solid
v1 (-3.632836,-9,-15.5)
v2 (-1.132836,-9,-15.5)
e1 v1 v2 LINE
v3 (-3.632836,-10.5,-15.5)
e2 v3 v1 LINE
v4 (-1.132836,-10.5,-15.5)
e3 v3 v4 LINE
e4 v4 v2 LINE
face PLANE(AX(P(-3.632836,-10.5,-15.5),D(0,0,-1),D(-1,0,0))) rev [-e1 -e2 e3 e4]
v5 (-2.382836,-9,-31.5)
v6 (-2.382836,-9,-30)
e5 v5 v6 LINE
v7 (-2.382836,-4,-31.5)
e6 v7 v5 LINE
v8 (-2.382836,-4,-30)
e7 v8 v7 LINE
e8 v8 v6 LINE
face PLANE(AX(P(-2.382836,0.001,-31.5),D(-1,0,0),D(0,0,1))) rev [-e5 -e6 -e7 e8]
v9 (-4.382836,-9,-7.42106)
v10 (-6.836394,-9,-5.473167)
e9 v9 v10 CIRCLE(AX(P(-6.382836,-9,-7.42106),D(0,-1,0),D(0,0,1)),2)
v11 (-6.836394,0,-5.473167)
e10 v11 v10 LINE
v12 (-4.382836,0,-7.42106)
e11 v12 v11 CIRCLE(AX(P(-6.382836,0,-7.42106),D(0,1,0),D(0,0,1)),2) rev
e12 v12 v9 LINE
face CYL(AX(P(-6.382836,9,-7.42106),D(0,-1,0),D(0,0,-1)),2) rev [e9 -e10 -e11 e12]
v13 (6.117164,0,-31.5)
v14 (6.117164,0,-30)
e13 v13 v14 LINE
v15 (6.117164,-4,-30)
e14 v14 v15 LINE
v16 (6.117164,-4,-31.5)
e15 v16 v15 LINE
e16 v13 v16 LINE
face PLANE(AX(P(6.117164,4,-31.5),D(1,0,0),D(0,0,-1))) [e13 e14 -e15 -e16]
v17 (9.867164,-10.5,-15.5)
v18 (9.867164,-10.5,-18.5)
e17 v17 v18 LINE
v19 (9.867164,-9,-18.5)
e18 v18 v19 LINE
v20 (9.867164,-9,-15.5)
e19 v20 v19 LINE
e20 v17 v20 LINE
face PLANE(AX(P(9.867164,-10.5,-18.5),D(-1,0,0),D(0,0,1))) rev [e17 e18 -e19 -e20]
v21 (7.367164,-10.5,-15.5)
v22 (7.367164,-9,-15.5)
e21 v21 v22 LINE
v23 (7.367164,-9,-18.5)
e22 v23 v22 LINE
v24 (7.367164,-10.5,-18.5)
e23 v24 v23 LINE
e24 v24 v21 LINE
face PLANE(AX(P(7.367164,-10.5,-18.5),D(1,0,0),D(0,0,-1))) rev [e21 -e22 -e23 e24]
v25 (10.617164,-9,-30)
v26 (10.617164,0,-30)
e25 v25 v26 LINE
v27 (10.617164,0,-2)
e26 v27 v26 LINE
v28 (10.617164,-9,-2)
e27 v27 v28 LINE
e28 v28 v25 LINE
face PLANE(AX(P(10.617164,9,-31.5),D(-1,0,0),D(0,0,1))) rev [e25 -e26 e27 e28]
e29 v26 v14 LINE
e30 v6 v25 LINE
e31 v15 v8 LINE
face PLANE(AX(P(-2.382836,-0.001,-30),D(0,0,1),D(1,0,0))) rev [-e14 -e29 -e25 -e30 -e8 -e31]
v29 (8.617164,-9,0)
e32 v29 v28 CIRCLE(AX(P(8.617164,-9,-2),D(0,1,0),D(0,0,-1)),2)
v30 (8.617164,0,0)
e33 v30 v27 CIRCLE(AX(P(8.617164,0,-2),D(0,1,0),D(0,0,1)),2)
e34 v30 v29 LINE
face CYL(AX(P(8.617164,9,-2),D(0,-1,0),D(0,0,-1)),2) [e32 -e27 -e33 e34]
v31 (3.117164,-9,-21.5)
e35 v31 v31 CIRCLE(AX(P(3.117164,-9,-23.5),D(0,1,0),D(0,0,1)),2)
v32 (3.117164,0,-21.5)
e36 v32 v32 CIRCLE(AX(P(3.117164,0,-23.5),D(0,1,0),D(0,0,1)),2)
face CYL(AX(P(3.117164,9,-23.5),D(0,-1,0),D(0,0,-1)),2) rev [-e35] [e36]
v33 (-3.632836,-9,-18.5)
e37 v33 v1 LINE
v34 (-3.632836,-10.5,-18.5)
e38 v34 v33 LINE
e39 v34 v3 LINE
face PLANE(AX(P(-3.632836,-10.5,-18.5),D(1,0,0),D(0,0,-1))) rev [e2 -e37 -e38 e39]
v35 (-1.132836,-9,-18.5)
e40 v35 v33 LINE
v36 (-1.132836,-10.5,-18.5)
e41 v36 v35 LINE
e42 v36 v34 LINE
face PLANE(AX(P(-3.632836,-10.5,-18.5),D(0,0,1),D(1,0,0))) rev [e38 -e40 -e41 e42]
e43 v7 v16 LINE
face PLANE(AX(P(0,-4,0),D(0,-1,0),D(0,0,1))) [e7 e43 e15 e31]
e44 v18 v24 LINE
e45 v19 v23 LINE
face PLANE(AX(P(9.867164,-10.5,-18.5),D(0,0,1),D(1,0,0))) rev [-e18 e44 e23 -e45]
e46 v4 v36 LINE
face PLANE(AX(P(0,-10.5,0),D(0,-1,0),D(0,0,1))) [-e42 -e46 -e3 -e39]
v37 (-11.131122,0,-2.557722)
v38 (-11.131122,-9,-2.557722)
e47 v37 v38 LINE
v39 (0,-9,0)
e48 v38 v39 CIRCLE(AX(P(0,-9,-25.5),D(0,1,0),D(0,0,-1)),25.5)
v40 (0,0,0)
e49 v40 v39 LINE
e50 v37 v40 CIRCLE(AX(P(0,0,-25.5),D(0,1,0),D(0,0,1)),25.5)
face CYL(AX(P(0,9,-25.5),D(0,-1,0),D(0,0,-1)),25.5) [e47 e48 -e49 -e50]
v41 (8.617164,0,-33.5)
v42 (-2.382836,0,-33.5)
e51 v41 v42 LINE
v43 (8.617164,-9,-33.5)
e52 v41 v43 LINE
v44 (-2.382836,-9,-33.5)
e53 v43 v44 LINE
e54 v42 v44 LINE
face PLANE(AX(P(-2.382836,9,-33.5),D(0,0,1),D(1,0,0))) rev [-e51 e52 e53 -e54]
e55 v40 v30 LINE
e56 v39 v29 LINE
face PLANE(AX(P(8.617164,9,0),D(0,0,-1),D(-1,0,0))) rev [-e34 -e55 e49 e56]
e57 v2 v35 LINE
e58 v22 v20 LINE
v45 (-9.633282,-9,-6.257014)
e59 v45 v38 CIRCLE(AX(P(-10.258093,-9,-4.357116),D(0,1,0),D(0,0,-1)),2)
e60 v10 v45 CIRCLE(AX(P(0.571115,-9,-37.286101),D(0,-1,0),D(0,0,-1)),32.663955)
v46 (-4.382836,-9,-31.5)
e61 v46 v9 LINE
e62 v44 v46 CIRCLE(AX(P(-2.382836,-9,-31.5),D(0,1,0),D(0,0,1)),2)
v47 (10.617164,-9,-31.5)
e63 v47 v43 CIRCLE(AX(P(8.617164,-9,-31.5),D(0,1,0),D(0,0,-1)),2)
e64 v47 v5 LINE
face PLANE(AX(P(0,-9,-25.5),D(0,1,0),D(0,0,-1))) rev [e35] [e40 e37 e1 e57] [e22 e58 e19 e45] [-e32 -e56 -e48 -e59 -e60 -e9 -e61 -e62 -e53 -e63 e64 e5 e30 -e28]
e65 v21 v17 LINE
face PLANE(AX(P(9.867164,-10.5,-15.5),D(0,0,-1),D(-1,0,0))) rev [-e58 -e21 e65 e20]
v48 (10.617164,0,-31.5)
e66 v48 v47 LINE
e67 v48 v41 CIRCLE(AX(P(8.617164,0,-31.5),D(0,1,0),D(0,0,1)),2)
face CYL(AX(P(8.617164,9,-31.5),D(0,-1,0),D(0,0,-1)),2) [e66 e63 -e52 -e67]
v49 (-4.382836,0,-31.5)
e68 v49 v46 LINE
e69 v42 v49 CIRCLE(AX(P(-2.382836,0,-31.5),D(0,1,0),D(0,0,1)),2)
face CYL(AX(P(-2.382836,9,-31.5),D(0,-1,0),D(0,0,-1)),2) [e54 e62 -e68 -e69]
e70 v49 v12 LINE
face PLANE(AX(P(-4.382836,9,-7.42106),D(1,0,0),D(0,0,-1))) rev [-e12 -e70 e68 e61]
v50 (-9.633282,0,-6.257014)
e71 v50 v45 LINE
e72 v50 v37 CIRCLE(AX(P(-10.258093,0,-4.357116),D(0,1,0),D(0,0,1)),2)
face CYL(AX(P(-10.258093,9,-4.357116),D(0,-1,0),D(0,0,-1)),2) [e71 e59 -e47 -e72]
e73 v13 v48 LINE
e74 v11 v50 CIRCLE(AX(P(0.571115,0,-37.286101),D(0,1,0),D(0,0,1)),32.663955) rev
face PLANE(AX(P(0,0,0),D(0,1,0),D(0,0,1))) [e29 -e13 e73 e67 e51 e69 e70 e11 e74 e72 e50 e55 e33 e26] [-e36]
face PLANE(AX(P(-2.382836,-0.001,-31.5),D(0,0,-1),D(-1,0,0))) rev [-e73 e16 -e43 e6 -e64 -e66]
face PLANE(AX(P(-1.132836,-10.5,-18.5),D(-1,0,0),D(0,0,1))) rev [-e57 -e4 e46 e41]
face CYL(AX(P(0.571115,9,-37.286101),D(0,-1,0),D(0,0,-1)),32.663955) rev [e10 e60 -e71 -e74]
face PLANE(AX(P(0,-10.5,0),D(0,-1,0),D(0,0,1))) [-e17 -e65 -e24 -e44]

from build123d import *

# Parameters (mm, degrees)
SKETCH_1_R          = 2
EXTRUDE_1_DEPTH     = 9
SKETCH_3_W          = 2.5
SKETCH_3_H          = 3
EXTRUDE_2_DEPTH     = 1.5
CUT_EXTRUDE_1_REACH = 11
SKETCH_5_W          = 13
SKETCH_5_H          = 1.5
SKETCH_7_W          = 8.5
SKETCH_7_H          = 1.5
EXTRUDE_3_DEPTH     = 4
SKETCH_9_W          = 49.545975543
SKETCH_9_H          = 42.208236046
CUT_EXTRUDE_3_DEPTH = 11.5


with BuildPart() as part:
    # 草图1 → 凸台-拉伸1 (new body)
    with BuildSketch(Plane(origin=(0, 0, 0), x_dir=(1, 0, 0), z_dir=(0, 1, 0))):
        with BuildLine():
            Line((-2.382835885, 33.5), (8.617164115, 33.5))
            ThreePointArc((8.617164115, 33.5), (10.031377677, 32.914213562), (10.617164115, 31.5))
            Line((10.617164115, 31.5), (10.617164115, 2))
            ThreePointArc((10.617164115, 2), (10.031377677, 0.585786438), (8.617164115, 0))
            Line((8.617164115, 0), (0, 0))
            ThreePointArc((0, 0), (-5.710600422, 0.647655185), (-11.131122415, 2.557722132))
            ThreePointArc((-11.131122415, 2.557722132), (-12.111898361, 5.107720531), (-9.633282348, 6.257014206))
            ThreePointArc((-9.633282348, 6.257014206), (-8.243555708, 5.833986106), (-6.836394497, 5.473167269))
            ThreePointArc((-6.836394497, 5.473167269), (-5.139275919, 5.854675685), (-4.382835885, 7.421059613))
            Line((-4.382835885, 7.421059613), (-4.382835885, 31.5))
            ThreePointArc((-4.382835885, 31.5), (-3.797049447, 32.914213562), (-2.382835885, 33.5))
        make_face()
        with Locations((3.117164115, 23.5)):
            Circle(SKETCH_1_R, mode=Mode.SUBTRACT)
    extrude(amount=EXTRUDE_1_DEPTH)

    # 草图3 → 凸台-拉伸2 (add)
    with BuildSketch(Plane(origin=(0, 9, 0), x_dir=(1, 0, 0), z_dir=(0, 1, 0))):
        with Locations((-2.382835885, 17)):
            Rectangle(SKETCH_3_W, SKETCH_3_H)
        with Locations((8.617164115, 17)):
            Rectangle(SKETCH_3_W, SKETCH_3_H)
    extrude(amount=EXTRUDE_2_DEPTH)

    # 草图5 → 切除-拉伸1 (cut, up to next)
    with BuildSketch(Plane(origin=(0, 9, 0), x_dir=(1, 0, 0), z_dir=(0, 1, 0)), mode=Mode.PRIVATE) as cut_extrude_1_sk1:
        with Locations((4.117164115, 30.75)):
            Rectangle(SKETCH_5_W, SKETCH_5_H)
    cut_extrude_1_tool1 = extrude(cut_extrude_1_sk1.sketch, amount=-CUT_EXTRUDE_1_REACH, mode=Mode.PRIVATE) & part.part
    add(cut_extrude_1_tool1.solids().sort_by_distance((4.117164, 9, -30.75))[0], mode=Mode.SUBTRACT)

    # 草图7 → 凸台-拉伸3 (add)
    with BuildSketch(Plane.XZ):
        with Locations((1.867164115, -30.75)):
            Rectangle(SKETCH_7_W, SKETCH_7_H)
    extrude(amount=-EXTRUDE_3_DEPTH)

    # 镜向8: part across plane


with BuildPart() as part_1:
    add(part.part)
    add(part.part.mirror(Plane(origin=(0, 0, -25.5), x_dir=(0, 0, 1), z_dir=(0, -1, 0))))

    # 草图9 → 切除-拉伸3 (cut, through all)
    with BuildSketch(Plane(origin=(0, 0, 0), x_dir=(1, 0, 0), z_dir=(0, 1, 0))):
        with Locations((0.218507418, 15.905835279)):
            Rectangle(SKETCH_9_W, SKETCH_9_H)
    extrude(amount=CUT_EXTRUDE_3_DEPTH, mode=Mode.SUBTRACT)


solid = part_1.part
